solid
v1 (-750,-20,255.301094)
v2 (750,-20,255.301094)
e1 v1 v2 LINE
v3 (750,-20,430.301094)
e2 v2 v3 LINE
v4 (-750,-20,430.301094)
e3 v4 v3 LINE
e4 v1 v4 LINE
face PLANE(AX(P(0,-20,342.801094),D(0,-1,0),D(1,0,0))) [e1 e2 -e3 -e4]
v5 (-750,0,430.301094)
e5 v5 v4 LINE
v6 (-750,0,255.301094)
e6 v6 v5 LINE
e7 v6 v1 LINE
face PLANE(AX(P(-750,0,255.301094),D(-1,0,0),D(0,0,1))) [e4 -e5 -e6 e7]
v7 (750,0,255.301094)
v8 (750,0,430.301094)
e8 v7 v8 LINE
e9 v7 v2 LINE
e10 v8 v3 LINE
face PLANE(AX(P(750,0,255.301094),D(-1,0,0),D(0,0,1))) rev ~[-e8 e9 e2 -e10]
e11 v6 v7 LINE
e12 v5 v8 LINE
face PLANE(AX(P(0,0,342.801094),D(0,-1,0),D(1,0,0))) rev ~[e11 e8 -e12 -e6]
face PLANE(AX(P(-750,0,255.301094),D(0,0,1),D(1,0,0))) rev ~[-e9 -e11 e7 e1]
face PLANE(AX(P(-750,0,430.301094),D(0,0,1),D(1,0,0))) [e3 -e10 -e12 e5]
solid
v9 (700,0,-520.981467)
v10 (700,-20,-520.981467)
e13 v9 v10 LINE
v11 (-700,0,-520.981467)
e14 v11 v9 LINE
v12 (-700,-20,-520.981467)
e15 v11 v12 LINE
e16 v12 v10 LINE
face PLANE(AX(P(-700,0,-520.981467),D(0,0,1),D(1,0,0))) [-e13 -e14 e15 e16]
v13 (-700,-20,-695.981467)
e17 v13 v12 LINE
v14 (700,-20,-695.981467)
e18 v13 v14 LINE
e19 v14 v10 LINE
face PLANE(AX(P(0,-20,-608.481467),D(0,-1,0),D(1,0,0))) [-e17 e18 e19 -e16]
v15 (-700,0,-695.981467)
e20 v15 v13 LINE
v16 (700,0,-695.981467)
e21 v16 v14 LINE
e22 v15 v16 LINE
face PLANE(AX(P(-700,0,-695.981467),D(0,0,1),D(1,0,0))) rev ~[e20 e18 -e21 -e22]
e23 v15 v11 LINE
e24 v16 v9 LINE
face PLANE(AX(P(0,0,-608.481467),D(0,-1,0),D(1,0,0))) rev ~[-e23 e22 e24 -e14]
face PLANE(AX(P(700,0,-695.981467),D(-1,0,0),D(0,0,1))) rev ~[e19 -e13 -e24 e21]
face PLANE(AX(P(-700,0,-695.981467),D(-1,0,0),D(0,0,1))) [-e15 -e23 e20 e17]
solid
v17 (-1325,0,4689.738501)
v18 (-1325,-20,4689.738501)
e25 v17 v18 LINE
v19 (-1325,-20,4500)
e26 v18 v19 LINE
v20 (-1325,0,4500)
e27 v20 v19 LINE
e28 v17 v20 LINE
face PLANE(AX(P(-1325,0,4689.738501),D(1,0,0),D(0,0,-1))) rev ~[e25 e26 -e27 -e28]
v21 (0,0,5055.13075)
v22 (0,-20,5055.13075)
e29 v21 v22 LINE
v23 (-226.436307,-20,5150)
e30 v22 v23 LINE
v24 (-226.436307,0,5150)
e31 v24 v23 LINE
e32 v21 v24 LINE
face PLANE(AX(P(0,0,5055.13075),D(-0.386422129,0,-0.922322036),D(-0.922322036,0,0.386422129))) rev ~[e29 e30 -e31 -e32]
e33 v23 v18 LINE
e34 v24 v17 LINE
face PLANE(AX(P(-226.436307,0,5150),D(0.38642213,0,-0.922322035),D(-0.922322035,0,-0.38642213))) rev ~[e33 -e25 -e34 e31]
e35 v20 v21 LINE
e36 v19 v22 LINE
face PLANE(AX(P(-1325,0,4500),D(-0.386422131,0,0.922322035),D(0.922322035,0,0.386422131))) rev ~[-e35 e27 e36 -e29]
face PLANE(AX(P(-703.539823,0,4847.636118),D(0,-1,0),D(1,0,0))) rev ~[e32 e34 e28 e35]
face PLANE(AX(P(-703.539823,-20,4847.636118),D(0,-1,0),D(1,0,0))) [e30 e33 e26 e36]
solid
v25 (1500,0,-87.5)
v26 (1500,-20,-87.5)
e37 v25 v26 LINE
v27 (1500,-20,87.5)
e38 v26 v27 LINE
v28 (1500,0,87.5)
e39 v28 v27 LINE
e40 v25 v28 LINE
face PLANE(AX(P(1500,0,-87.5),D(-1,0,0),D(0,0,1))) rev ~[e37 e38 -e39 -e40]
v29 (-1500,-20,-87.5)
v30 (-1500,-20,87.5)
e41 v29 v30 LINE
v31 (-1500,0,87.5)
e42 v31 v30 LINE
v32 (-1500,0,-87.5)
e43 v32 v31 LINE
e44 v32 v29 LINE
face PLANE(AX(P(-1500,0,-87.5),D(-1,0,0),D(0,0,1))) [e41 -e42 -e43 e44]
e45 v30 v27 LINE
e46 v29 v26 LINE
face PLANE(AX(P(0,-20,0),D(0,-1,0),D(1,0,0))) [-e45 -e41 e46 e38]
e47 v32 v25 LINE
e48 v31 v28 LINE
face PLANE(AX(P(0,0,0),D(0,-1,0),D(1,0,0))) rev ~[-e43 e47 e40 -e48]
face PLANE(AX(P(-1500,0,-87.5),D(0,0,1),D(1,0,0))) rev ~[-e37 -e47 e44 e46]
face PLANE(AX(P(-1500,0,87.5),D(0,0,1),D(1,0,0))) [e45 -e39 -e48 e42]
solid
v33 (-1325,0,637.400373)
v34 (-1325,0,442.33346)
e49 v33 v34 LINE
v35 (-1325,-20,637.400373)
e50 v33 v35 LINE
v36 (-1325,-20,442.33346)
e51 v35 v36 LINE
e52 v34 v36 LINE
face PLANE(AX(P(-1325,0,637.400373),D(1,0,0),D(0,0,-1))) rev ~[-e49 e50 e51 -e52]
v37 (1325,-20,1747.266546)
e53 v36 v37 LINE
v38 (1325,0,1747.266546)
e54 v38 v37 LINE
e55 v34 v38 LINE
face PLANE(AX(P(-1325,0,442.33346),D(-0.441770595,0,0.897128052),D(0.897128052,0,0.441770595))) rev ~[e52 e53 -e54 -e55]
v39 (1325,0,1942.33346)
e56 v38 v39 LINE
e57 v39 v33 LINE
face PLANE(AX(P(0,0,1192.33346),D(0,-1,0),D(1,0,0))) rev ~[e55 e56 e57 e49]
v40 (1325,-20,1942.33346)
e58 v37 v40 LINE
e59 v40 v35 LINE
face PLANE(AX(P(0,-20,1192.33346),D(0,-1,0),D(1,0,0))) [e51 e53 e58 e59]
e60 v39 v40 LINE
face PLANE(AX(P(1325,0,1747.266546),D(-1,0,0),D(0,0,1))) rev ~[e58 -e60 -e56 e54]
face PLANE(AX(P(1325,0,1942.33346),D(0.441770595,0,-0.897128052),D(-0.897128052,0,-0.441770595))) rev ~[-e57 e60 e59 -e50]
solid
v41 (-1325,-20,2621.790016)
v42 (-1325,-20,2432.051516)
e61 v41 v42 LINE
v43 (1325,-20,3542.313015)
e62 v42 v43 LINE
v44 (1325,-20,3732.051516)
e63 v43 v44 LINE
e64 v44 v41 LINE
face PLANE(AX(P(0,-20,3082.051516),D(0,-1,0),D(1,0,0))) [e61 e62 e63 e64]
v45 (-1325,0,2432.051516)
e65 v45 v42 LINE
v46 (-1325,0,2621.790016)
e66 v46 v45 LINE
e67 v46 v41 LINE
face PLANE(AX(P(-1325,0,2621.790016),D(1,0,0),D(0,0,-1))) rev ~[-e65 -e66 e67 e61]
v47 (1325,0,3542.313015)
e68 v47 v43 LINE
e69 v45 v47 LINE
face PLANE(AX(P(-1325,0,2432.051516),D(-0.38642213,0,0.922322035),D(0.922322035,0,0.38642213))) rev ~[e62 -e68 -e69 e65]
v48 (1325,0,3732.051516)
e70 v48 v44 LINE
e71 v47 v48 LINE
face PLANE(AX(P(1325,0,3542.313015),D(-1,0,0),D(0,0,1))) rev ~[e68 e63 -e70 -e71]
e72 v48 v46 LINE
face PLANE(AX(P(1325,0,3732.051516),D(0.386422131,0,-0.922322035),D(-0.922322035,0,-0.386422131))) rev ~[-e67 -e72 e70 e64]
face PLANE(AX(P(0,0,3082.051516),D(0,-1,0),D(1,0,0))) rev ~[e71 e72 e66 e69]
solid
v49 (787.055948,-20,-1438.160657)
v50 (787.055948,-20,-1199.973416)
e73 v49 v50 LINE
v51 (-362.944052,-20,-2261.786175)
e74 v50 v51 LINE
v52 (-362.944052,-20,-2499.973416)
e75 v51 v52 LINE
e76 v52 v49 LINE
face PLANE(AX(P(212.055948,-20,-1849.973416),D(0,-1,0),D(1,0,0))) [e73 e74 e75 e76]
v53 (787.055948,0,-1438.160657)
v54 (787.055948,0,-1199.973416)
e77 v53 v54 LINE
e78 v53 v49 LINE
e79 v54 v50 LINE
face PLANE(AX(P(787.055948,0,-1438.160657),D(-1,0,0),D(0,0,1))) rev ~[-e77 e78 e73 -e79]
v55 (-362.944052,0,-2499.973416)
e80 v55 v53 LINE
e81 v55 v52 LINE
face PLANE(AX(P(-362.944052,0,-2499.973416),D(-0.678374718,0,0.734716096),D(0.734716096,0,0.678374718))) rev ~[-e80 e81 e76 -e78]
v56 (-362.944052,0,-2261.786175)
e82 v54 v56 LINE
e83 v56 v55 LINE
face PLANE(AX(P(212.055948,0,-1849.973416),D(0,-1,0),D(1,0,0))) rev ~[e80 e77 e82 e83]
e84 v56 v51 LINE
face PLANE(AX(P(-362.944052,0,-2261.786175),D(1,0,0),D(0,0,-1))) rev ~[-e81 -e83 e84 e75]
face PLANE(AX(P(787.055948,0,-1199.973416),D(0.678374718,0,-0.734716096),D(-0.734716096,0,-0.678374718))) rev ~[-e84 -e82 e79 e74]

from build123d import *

# Parameters (mm, degrees)
F0_W     = 3000
F0_H     = 175
F0_W_2   = 1500
F0_W_3   = 1400
F1_DEPTH = 20


with BuildPart() as f1:
    # F0 (on Front) → F1 (new body)
    with BuildSketch(Plane.XZ):
        Rectangle(F0_W, F0_H)
        with Locations((0, 342.801094)):
            Rectangle(F0_W_2, F0_H)
        Polygon((1325, 1747.266546), (1325, 1942.33346), (-1325, 637.400373), (-1325, 442.33346), align=None)
        Polygon((1325, 3542.313015), (1325, 3732.051516), (-1325, 2621.790016), (-1325, 2432.051516), align=None)
        with Locations((0, -608.481467)):
            Rectangle(F0_W_3, F0_H)
        Polygon((-1325, 4689.738501), (-1325, 4500), (0, 5055.13075), (-226.436307, 5150), align=None)
        Polygon((787.055948, -1438.160657), (787.055948, -1199.973416), (-362.944052, -2261.786175), (-362.944052, -2499.973416), align=None)
    extrude(amount=F1_DEPTH)


solid = f1.part
